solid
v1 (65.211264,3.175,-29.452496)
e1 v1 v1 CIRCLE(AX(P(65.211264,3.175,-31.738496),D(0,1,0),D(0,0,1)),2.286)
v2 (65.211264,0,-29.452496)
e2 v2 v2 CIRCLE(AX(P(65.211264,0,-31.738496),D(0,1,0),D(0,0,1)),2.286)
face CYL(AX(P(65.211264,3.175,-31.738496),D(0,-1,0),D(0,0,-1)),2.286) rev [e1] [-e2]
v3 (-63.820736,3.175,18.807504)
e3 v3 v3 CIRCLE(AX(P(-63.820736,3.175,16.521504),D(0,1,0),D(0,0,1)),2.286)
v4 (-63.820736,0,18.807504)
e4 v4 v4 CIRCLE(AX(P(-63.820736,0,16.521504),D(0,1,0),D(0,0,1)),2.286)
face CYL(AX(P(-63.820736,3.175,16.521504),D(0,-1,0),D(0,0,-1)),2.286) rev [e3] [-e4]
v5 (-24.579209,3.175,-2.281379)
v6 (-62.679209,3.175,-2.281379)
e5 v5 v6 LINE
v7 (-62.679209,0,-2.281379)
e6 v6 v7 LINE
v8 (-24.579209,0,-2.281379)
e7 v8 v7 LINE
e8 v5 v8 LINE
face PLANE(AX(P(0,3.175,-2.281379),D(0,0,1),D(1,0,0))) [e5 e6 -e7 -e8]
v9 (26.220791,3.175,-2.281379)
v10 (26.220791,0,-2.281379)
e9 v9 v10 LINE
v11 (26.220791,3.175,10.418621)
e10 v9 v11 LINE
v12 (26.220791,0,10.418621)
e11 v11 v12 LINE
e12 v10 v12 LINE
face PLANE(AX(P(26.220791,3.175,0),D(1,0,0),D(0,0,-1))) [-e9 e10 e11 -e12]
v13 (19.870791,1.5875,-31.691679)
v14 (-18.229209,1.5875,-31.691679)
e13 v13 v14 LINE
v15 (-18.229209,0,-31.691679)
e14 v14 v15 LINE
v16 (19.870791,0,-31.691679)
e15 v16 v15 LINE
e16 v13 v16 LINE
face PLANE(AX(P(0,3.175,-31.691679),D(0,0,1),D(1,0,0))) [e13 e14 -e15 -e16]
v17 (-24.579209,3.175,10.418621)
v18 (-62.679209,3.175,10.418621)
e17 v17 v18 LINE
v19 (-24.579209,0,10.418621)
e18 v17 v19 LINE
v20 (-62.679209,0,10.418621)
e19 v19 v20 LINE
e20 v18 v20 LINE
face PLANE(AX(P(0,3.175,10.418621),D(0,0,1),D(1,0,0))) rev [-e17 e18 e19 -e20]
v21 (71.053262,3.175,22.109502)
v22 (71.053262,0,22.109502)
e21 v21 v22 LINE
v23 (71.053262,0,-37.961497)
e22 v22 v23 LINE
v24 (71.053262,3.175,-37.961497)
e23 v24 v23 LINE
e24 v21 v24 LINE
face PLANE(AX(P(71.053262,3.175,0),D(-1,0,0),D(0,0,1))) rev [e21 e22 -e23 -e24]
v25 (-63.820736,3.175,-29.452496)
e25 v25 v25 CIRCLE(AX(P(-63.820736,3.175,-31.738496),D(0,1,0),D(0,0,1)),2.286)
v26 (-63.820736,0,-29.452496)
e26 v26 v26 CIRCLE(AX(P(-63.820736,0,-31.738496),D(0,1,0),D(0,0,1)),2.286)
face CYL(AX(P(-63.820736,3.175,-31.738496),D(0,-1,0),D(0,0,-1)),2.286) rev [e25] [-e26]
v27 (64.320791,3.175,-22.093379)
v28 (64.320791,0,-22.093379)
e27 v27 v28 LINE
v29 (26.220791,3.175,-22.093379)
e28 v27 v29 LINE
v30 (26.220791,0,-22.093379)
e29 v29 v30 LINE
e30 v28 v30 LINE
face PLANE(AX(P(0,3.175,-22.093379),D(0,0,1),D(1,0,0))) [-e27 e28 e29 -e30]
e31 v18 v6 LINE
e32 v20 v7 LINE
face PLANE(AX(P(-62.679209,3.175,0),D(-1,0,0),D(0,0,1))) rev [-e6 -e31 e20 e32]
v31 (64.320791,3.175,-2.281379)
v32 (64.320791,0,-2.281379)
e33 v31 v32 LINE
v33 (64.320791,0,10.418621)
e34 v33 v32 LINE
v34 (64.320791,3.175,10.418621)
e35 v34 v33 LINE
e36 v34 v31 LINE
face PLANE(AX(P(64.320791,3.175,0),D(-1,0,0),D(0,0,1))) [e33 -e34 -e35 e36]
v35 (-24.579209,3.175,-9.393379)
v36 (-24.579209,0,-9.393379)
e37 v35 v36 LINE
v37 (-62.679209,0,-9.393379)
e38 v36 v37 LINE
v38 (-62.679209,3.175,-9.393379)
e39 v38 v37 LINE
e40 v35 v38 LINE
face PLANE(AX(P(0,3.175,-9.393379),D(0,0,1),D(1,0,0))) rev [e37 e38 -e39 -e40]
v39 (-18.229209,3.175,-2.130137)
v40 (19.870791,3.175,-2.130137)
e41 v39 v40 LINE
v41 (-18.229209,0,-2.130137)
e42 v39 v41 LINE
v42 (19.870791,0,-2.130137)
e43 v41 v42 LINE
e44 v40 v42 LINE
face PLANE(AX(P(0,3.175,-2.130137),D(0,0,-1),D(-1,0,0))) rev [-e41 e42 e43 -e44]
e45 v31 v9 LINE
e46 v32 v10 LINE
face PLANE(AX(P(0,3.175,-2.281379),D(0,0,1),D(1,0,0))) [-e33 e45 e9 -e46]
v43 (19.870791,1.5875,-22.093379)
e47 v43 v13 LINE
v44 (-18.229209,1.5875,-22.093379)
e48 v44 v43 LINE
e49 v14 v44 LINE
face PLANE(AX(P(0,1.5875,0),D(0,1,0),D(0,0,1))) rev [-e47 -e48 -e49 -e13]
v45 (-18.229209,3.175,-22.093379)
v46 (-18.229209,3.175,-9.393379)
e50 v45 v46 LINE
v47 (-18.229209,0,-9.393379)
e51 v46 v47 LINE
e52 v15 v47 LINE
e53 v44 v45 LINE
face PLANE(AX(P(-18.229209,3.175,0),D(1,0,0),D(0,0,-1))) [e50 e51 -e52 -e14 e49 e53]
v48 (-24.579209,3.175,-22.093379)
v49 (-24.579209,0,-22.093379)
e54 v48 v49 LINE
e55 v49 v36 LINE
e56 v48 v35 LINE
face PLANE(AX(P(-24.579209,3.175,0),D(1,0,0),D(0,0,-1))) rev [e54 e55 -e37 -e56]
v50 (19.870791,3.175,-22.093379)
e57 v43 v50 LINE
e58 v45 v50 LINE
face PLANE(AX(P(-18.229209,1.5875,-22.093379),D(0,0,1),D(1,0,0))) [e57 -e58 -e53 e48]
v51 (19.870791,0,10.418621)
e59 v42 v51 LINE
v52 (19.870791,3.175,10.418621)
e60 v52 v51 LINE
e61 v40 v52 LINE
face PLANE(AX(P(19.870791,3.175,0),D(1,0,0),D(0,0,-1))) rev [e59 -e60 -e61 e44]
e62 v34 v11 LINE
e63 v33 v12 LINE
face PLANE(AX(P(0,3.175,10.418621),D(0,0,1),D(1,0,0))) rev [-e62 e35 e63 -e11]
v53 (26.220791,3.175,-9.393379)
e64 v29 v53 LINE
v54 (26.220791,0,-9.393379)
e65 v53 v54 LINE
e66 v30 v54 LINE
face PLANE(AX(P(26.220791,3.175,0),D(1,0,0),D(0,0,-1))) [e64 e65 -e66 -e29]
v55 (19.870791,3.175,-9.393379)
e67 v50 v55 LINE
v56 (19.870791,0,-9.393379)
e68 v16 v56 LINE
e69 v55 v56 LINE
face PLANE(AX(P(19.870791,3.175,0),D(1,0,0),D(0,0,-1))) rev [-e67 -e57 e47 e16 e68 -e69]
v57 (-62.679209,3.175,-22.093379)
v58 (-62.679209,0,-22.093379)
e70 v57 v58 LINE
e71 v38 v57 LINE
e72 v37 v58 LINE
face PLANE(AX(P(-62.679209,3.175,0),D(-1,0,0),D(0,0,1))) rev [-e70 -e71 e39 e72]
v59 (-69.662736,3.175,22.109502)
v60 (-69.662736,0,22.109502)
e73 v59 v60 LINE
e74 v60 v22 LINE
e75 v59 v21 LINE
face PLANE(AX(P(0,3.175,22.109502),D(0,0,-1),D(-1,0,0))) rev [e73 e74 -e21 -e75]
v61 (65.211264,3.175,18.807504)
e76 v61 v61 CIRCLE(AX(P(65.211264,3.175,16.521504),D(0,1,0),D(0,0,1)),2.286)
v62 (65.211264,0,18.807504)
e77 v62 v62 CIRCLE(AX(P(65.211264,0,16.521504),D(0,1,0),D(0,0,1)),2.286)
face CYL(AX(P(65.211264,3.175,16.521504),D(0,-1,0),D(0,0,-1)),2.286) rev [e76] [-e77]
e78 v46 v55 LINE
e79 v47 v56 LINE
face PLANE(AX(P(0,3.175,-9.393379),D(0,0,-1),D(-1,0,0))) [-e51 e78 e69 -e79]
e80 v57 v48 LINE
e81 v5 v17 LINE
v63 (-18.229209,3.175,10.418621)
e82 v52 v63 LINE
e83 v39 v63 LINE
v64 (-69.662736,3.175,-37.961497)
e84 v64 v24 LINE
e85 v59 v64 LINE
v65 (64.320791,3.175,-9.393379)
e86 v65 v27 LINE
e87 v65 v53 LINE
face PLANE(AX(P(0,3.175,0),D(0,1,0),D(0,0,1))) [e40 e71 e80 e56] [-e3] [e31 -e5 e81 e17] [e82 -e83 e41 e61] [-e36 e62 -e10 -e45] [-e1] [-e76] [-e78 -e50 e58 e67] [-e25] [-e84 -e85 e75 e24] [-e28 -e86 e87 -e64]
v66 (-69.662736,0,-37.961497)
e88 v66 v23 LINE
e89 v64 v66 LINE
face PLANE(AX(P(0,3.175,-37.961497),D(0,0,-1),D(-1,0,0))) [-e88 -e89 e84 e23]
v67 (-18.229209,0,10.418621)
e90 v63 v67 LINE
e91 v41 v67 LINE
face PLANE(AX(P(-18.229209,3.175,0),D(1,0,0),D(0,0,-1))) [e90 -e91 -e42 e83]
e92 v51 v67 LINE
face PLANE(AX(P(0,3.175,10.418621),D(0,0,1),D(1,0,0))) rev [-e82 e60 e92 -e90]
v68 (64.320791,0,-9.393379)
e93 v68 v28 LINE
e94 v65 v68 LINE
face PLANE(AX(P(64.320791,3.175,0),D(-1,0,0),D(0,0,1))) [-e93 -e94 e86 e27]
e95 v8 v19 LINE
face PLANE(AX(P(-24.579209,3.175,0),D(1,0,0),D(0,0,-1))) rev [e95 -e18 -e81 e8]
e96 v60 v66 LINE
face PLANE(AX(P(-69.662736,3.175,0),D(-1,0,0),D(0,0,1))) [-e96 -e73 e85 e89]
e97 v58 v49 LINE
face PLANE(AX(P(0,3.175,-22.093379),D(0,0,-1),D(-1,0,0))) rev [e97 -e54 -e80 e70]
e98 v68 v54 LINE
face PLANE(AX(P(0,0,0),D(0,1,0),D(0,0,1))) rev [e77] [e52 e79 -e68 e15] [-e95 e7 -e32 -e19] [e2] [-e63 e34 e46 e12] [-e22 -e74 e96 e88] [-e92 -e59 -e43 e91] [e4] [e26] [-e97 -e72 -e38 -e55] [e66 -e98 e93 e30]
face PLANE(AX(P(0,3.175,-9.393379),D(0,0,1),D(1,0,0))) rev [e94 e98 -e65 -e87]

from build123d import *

# Parameters (mm, degrees)
SKETCH3_W           = 140.715997696
SKETCH3_H           = 60.070999146
SKETCH3_R           = 2.286
SKETCH3_W_2         = 38.1
SKETCH3_H_2         = 12.7
SKETCH3_H_3         = 12.548758089
SKETCH3_H_4         = 22.298299906
BOSS_EXTRUDE1_DEPTH = 3.175
SKETCH4_W           = 38.1
SKETCH4_H           = 9.598299906
BOSS_EXTRUDE2_DEPTH = 1.5875


with BuildPart() as part:
    # Sketch3 → Boss-Extrude1 (new body)
    with BuildSketch(Plane(origin=(0, 0, 0), x_dir=(1, 0, 0), z_dir=(0, 1, 0))):
        with Locations((0.695262938, 7.925997488)):
            Rectangle(SKETCH3_W, SKETCH3_H)
        with Locations((65.211264471, -16.521503733)):
            Circle(SKETCH3_R, mode=Mode.SUBTRACT)
        with Locations((45.270791396, -4.068621014)):
            Rectangle(SKETCH3_W_2, SKETCH3_H_2, mode=Mode.SUBTRACT)
        with Locations((45.270791396, 15.743378986)):
            Rectangle(SKETCH3_W_2, SKETCH3_H_2, mode=Mode.SUBTRACT)
        with Locations((0.820791396, -4.14424197)):
            Rectangle(SKETCH3_W_2, SKETCH3_H_3, mode=Mode.SUBTRACT)
        with Locations((0.820791396, 20.542528939)):
            Rectangle(SKETCH3_W_2, SKETCH3_H_4, mode=Mode.SUBTRACT)
        with Locations((-63.820735529, -16.521503733)):
            Circle(SKETCH3_R, mode=Mode.SUBTRACT)
        with Locations((-43.629208604, -4.068621014)):
            Rectangle(SKETCH3_W_2, SKETCH3_H_2, mode=Mode.SUBTRACT)
        with Locations((-43.629208604, 15.743378986)):
            Rectangle(SKETCH3_W_2, SKETCH3_H_2, mode=Mode.SUBTRACT)
        with Locations((-63.820735529, 31.738496267)):
            Circle(SKETCH3_R, mode=Mode.SUBTRACT)
        with Locations((65.211264471, 31.738496267)):
            Circle(SKETCH3_R, mode=Mode.SUBTRACT)
    extrude(amount=BOSS_EXTRUDE1_DEPTH)

    # Sketch4 → Boss-Extrude2 (add)
    with BuildSketch(Plane(origin=(0, 3.175, 0), x_dir=(1, 0, 0), z_dir=(0, 1, 0))):
        with Locations((0.820791396, 26.892528939)):
            Rectangle(SKETCH4_W, SKETCH4_H)
    extrude(amount=-BOSS_EXTRUDE2_DEPTH)


solid = part.part
